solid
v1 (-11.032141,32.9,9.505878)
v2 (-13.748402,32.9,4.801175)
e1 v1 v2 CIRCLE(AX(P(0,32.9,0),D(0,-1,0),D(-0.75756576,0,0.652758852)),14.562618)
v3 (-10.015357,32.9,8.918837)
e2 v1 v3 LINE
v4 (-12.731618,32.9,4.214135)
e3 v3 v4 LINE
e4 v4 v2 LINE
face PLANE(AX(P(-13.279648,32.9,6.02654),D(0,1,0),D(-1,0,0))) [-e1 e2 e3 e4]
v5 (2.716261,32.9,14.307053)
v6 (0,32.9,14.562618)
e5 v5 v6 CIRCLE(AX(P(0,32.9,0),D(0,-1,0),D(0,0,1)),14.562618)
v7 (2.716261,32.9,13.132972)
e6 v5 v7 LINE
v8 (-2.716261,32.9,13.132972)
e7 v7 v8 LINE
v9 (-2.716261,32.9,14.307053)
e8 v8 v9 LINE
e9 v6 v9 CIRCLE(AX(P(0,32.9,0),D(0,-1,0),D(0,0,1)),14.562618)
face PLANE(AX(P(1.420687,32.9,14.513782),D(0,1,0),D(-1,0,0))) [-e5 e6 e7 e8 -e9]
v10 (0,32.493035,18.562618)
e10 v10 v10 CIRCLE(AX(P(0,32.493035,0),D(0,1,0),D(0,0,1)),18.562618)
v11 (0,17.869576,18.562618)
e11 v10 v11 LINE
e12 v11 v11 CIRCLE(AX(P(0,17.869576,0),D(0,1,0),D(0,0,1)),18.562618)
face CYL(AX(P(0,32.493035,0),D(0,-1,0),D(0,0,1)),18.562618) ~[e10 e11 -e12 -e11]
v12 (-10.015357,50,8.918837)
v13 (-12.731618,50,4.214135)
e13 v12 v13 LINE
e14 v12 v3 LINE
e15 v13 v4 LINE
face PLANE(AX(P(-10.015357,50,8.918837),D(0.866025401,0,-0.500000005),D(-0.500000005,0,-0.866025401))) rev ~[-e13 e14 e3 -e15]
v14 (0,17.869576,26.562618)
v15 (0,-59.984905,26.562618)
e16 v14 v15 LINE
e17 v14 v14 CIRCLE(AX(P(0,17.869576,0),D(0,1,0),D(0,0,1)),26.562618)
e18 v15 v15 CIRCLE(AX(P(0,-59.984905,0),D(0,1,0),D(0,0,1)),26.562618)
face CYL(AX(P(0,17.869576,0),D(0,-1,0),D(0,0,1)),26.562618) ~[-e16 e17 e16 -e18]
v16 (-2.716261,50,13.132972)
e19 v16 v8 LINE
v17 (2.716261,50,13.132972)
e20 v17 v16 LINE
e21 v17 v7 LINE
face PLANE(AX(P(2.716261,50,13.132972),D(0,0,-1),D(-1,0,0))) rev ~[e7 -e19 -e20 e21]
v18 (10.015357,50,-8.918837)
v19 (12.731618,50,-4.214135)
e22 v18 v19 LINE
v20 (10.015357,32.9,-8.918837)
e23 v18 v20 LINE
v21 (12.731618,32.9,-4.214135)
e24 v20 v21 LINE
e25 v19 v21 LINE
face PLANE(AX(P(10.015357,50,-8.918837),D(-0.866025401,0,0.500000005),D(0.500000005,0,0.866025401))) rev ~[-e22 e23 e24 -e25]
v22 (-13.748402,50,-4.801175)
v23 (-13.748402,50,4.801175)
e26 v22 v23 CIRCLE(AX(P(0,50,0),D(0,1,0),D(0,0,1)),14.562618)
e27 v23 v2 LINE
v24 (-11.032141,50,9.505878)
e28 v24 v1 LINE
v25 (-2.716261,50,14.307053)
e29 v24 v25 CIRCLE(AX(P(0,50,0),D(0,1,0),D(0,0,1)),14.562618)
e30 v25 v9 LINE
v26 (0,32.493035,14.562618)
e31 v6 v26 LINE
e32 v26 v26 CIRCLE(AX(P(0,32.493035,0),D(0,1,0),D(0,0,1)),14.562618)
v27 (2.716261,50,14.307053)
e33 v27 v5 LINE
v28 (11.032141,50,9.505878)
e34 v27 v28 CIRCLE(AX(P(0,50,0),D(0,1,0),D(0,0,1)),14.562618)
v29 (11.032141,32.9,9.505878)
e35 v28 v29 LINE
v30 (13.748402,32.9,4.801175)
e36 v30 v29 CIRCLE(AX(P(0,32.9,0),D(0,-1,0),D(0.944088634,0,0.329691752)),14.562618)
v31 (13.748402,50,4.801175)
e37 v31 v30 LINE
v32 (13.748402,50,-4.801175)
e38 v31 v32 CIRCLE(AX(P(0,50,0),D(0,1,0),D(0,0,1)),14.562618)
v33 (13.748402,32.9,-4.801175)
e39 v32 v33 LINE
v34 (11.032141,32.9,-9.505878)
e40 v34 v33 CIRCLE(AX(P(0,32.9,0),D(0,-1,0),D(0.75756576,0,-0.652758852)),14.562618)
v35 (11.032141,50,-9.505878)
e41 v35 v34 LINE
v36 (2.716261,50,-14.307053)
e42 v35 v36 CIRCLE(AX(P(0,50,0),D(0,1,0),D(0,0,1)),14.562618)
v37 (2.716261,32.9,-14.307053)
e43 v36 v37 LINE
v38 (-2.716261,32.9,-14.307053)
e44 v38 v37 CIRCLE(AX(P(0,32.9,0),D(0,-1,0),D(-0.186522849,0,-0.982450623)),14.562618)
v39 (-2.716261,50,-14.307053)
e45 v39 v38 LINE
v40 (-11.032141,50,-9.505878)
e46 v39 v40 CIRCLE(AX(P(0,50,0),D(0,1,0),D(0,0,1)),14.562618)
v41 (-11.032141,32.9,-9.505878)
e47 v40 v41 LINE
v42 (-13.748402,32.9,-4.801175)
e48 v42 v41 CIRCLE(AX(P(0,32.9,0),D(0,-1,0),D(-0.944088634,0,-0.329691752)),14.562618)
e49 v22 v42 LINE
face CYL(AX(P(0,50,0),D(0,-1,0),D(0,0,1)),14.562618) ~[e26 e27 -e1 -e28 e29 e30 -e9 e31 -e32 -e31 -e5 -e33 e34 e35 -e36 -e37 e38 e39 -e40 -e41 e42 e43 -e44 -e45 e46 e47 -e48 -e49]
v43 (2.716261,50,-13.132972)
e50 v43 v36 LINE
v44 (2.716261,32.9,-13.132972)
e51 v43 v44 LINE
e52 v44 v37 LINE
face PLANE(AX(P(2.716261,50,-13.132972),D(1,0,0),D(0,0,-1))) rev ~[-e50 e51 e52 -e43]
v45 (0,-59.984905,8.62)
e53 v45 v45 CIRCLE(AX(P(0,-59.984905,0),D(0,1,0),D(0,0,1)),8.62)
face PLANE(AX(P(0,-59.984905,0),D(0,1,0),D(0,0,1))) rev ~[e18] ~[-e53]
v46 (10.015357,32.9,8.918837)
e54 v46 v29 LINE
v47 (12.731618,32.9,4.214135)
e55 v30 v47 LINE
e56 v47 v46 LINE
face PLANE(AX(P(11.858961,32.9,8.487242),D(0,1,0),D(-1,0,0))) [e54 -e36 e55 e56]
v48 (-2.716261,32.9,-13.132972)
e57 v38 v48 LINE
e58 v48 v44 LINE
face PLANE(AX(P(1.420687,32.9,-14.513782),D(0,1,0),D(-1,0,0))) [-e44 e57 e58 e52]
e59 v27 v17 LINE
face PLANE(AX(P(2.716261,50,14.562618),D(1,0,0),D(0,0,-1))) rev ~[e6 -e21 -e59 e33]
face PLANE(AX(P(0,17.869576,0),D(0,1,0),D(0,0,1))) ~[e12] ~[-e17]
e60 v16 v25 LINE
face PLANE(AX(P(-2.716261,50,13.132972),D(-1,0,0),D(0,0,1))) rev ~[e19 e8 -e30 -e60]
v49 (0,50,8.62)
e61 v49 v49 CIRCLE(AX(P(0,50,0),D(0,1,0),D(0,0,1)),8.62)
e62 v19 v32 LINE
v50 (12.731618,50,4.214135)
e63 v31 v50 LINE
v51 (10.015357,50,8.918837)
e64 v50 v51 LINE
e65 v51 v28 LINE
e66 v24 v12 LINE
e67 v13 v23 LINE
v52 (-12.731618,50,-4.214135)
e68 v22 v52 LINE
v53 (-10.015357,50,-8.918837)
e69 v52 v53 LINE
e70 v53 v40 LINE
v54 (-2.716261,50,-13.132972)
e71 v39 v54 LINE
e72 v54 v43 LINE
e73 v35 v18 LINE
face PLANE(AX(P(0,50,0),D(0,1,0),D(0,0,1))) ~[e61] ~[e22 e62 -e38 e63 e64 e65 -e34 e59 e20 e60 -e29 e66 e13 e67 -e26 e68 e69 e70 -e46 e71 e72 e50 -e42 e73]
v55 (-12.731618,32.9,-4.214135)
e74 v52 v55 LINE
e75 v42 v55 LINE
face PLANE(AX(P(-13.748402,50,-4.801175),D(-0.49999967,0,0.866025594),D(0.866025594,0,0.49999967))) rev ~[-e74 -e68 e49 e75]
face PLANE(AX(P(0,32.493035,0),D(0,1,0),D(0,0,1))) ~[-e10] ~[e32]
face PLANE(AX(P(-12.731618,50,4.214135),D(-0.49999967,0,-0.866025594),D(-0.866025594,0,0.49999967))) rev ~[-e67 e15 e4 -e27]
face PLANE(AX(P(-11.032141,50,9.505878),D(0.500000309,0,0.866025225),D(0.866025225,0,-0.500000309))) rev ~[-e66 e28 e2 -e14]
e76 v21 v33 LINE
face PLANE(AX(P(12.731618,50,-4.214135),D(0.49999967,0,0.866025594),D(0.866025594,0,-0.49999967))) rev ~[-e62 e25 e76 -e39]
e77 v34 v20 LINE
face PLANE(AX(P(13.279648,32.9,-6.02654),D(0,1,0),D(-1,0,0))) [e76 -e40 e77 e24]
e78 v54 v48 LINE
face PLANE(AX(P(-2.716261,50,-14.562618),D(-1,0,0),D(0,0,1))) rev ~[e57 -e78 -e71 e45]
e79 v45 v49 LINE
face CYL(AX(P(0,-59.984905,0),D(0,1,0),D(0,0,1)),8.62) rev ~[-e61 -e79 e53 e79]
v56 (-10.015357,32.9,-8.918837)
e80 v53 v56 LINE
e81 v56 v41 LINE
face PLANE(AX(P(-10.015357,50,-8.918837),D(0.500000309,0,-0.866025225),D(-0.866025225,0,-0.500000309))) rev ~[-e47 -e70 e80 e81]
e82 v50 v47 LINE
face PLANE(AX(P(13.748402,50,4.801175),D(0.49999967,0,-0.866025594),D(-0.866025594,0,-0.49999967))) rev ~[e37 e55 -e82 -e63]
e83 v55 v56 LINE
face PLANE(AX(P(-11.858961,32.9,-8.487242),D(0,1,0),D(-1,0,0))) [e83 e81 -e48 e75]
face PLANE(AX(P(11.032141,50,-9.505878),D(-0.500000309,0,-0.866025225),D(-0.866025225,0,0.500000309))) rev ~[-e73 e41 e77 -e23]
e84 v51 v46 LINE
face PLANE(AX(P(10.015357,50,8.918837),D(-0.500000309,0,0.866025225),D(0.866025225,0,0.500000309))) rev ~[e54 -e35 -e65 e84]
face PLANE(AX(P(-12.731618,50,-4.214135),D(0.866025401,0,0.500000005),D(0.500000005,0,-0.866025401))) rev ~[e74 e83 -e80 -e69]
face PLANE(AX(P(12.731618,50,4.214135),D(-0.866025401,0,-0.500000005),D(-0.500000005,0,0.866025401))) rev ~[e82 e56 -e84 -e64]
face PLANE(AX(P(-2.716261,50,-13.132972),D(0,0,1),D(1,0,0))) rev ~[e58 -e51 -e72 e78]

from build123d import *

# Parameters (mm, degrees)
F3_DEPTH = 17.1


with BuildPart() as f1:
    # F0 (on Right) → F1 (revolve)
    with BuildSketch(Plane.YZ):
        Polygon((17.869576, 26.562618), (-59.984905, 26.562618), (-59.984905, 8.62), (50, 8.62), (50, 14.562618), (32.493035, 14.562618), (32.493035, 18.562618), (17.869576, 18.562618), align=None)
    revolve(axis=Axis((0, 1.113363, 0), (0, 1, 0)))


with BuildPart() as f3:
    # F2 (on face) → F3 (new body)
    with BuildSketch(Plane(origin=(0, 50, 0), x_dir=(-1, 0, 0), z_dir=(0, 1, 0))):
        with BuildLine():
            Line((-2.716261, 14.562618), (-2.716261, 14.307053))
            ThreePointArc((-2.716261, 14.307053), (-1.364129, 14.498586), (0, 14.562618))
            Line((0, 14.562618), (-2.716261, 14.562618))
        make_face()
        with BuildLine():
            Line((2.716261, 14.562618), (0, 14.562618))
            ThreePointArc((0, 14.562618), (1.364129, 14.498586), (2.716261, 14.307053))
            Line((2.716261, 14.307053), (2.716261, 14.562618))
        make_face()
        with BuildLine():
            ThreePointArc((-12.611597, 7.281309), (-11.87408, 8.430663), (-11.032141, 9.505878))
            Line((-11.032141, 9.505878), (-11.253467, 9.63366))
            Line((-11.253467, 9.63366), (-12.611597, 7.281309))
        make_face()
        with BuildLine():
            ThreePointArc((-13.748402, 4.801175), (-13.238208, 6.067923), (-12.611597, 7.281309))
            Line((-12.611597, 7.281309), (-13.969728, 4.928958))
            Line((-13.969728, 4.928958), (-13.748402, 4.801175))
        make_face()
        with BuildLine():
            ThreePointArc((-12.611597, -7.281309), (-13.238208, -6.067923), (-13.748402, -4.801175))
            Line((-13.748402, -4.801175), (-13.969728, -4.928958))
            Line((-13.969728, -4.928958), (-12.611597, -7.281309))
        make_face()
        with BuildLine():
            ThreePointArc((-11.032141, -9.505878), (-11.87408, -8.430663), (-12.611597, -7.281309))
            Line((-12.611597, -7.281309), (-11.253467, -9.63366))
            Line((-11.253467, -9.63366), (-11.032141, -9.505878))
        make_face()
        with BuildLine():
            ThreePointArc((0, -14.562618), (-1.364129, -14.498586), (-2.716261, -14.307053))
            Line((-2.716261, -14.307053), (-2.716261, -14.562618))
            Line((-2.716261, -14.562618), (0, -14.562618))
        make_face()
        with BuildLine():
            ThreePointArc((2.716261, -14.307053), (1.364129, -14.498586), (0, -14.562618))
            Line((0, -14.562618), (2.716261, -14.562618))
            Line((2.716261, -14.562618), (2.716261, -14.307053))
        make_face()
        with BuildLine():
            Line((11.253467, -9.63366), (12.611597, -7.281309))
            ThreePointArc((12.611597, -7.281309), (11.87408, -8.430663), (11.032141, -9.505878))
            Line((11.032141, -9.505878), (11.253467, -9.63366))
        make_face()
        with BuildLine():
            Line((13.969728, -4.928958), (13.748402, -4.801175))
            ThreePointArc((13.748402, -4.801175), (13.238208, -6.067923), (12.611597, -7.281309))
            Line((12.611597, -7.281309), (13.969728, -4.928958))
        make_face()
        with BuildLine():
            Line((13.969728, 4.928958), (12.611597, 7.281309))
            ThreePointArc((12.611597, 7.281309), (13.238208, 6.067923), (13.748402, 4.801175))
            Line((13.748402, 4.801175), (13.969728, 4.928958))
        make_face()
        with BuildLine():
            Line((11.253467, 9.63366), (11.032141, 9.505878))
            ThreePointArc((11.032141, 9.505878), (11.87408, 8.430663), (12.611597, 7.281309))
            Line((12.611597, 7.281309), (11.253467, 9.63366))
        make_face()
        with BuildLine():
            Line((-2.716261, 14.307053), (-2.716261, 13.132972))
            Line((-2.716261, 13.132972), (2.716261, 13.132972))
            Line((2.716261, 13.132972), (2.716261, 14.307053))
            ThreePointArc((2.716261, 14.307053), (1.364129, 14.498586), (0, 14.562618))
            ThreePointArc((0, 14.562618), (-1.364129, 14.498586), (-2.716261, 14.307053))
        make_face()
        with BuildLine():
            Line((-12.731618, -4.214135), (-13.748402, -4.801175))
            ThreePointArc((-13.748402, -4.801175), (-13.238208, -6.067923), (-12.611597, -7.281309))
            ThreePointArc((-12.611597, -7.281309), (-11.87408, -8.430663), (-11.032141, -9.505878))
            Line((-11.032141, -9.505878), (-10.015357, -8.918837))
            Line((-10.015357, -8.918837), (-12.731618, -4.214135))
        make_face()
        with BuildLine():
            Line((-2.716261, -13.132972), (-2.716261, -14.307053))
            ThreePointArc((-2.716261, -14.307053), (-1.364129, -14.498586), (0, -14.562618))
            ThreePointArc((0, -14.562618), (1.364129, -14.498586), (2.716261, -14.307053))
            Line((2.716261, -14.307053), (2.716261, -13.132972))
            Line((2.716261, -13.132972), (-2.716261, -13.132972))
        make_face()
        with BuildLine():
            ThreePointArc((12.611597, -7.281309), (13.238208, -6.067923), (13.748402, -4.801175))
            Line((13.748402, -4.801175), (12.731618, -4.214135))
            Line((12.731618, -4.214135), (10.015357, -8.918837))
            Line((10.015357, -8.918837), (11.032141, -9.505878))
            ThreePointArc((11.032141, -9.505878), (11.87408, -8.430663), (12.611597, -7.281309))
        make_face()
        with BuildLine():
            ThreePointArc((12.611597, 7.281309), (11.87408, 8.430663), (11.032141, 9.505878))
            Line((11.032141, 9.505878), (10.015357, 8.918837))
            Line((10.015357, 8.918837), (12.731618, 4.214135))
            Line((12.731618, 4.214135), (13.748402, 4.801175))
            ThreePointArc((13.748402, 4.801175), (13.238208, 6.067923), (12.611597, 7.281309))
        make_face()
        with BuildLine():
            Line((-10.015357, 8.918837), (-11.032141, 9.505878))
            ThreePointArc((-11.032141, 9.505878), (-11.87408, 8.430663), (-12.611597, 7.281309))
            ThreePointArc((-12.611597, 7.281309), (-13.238208, 6.067923), (-13.748402, 4.801175))
            Line((-13.748402, 4.801175), (-12.731618, 4.214135))
            Line((-12.731618, 4.214135), (-10.015357, 8.918837))
        make_face()
    extrude(amount=-F3_DEPTH)


with BuildPart() as f1_1:
    add(f1.part)

    # F4: cut F3
    add(f3.part, mode=Mode.SUBTRACT)


solid = f1_1.part
